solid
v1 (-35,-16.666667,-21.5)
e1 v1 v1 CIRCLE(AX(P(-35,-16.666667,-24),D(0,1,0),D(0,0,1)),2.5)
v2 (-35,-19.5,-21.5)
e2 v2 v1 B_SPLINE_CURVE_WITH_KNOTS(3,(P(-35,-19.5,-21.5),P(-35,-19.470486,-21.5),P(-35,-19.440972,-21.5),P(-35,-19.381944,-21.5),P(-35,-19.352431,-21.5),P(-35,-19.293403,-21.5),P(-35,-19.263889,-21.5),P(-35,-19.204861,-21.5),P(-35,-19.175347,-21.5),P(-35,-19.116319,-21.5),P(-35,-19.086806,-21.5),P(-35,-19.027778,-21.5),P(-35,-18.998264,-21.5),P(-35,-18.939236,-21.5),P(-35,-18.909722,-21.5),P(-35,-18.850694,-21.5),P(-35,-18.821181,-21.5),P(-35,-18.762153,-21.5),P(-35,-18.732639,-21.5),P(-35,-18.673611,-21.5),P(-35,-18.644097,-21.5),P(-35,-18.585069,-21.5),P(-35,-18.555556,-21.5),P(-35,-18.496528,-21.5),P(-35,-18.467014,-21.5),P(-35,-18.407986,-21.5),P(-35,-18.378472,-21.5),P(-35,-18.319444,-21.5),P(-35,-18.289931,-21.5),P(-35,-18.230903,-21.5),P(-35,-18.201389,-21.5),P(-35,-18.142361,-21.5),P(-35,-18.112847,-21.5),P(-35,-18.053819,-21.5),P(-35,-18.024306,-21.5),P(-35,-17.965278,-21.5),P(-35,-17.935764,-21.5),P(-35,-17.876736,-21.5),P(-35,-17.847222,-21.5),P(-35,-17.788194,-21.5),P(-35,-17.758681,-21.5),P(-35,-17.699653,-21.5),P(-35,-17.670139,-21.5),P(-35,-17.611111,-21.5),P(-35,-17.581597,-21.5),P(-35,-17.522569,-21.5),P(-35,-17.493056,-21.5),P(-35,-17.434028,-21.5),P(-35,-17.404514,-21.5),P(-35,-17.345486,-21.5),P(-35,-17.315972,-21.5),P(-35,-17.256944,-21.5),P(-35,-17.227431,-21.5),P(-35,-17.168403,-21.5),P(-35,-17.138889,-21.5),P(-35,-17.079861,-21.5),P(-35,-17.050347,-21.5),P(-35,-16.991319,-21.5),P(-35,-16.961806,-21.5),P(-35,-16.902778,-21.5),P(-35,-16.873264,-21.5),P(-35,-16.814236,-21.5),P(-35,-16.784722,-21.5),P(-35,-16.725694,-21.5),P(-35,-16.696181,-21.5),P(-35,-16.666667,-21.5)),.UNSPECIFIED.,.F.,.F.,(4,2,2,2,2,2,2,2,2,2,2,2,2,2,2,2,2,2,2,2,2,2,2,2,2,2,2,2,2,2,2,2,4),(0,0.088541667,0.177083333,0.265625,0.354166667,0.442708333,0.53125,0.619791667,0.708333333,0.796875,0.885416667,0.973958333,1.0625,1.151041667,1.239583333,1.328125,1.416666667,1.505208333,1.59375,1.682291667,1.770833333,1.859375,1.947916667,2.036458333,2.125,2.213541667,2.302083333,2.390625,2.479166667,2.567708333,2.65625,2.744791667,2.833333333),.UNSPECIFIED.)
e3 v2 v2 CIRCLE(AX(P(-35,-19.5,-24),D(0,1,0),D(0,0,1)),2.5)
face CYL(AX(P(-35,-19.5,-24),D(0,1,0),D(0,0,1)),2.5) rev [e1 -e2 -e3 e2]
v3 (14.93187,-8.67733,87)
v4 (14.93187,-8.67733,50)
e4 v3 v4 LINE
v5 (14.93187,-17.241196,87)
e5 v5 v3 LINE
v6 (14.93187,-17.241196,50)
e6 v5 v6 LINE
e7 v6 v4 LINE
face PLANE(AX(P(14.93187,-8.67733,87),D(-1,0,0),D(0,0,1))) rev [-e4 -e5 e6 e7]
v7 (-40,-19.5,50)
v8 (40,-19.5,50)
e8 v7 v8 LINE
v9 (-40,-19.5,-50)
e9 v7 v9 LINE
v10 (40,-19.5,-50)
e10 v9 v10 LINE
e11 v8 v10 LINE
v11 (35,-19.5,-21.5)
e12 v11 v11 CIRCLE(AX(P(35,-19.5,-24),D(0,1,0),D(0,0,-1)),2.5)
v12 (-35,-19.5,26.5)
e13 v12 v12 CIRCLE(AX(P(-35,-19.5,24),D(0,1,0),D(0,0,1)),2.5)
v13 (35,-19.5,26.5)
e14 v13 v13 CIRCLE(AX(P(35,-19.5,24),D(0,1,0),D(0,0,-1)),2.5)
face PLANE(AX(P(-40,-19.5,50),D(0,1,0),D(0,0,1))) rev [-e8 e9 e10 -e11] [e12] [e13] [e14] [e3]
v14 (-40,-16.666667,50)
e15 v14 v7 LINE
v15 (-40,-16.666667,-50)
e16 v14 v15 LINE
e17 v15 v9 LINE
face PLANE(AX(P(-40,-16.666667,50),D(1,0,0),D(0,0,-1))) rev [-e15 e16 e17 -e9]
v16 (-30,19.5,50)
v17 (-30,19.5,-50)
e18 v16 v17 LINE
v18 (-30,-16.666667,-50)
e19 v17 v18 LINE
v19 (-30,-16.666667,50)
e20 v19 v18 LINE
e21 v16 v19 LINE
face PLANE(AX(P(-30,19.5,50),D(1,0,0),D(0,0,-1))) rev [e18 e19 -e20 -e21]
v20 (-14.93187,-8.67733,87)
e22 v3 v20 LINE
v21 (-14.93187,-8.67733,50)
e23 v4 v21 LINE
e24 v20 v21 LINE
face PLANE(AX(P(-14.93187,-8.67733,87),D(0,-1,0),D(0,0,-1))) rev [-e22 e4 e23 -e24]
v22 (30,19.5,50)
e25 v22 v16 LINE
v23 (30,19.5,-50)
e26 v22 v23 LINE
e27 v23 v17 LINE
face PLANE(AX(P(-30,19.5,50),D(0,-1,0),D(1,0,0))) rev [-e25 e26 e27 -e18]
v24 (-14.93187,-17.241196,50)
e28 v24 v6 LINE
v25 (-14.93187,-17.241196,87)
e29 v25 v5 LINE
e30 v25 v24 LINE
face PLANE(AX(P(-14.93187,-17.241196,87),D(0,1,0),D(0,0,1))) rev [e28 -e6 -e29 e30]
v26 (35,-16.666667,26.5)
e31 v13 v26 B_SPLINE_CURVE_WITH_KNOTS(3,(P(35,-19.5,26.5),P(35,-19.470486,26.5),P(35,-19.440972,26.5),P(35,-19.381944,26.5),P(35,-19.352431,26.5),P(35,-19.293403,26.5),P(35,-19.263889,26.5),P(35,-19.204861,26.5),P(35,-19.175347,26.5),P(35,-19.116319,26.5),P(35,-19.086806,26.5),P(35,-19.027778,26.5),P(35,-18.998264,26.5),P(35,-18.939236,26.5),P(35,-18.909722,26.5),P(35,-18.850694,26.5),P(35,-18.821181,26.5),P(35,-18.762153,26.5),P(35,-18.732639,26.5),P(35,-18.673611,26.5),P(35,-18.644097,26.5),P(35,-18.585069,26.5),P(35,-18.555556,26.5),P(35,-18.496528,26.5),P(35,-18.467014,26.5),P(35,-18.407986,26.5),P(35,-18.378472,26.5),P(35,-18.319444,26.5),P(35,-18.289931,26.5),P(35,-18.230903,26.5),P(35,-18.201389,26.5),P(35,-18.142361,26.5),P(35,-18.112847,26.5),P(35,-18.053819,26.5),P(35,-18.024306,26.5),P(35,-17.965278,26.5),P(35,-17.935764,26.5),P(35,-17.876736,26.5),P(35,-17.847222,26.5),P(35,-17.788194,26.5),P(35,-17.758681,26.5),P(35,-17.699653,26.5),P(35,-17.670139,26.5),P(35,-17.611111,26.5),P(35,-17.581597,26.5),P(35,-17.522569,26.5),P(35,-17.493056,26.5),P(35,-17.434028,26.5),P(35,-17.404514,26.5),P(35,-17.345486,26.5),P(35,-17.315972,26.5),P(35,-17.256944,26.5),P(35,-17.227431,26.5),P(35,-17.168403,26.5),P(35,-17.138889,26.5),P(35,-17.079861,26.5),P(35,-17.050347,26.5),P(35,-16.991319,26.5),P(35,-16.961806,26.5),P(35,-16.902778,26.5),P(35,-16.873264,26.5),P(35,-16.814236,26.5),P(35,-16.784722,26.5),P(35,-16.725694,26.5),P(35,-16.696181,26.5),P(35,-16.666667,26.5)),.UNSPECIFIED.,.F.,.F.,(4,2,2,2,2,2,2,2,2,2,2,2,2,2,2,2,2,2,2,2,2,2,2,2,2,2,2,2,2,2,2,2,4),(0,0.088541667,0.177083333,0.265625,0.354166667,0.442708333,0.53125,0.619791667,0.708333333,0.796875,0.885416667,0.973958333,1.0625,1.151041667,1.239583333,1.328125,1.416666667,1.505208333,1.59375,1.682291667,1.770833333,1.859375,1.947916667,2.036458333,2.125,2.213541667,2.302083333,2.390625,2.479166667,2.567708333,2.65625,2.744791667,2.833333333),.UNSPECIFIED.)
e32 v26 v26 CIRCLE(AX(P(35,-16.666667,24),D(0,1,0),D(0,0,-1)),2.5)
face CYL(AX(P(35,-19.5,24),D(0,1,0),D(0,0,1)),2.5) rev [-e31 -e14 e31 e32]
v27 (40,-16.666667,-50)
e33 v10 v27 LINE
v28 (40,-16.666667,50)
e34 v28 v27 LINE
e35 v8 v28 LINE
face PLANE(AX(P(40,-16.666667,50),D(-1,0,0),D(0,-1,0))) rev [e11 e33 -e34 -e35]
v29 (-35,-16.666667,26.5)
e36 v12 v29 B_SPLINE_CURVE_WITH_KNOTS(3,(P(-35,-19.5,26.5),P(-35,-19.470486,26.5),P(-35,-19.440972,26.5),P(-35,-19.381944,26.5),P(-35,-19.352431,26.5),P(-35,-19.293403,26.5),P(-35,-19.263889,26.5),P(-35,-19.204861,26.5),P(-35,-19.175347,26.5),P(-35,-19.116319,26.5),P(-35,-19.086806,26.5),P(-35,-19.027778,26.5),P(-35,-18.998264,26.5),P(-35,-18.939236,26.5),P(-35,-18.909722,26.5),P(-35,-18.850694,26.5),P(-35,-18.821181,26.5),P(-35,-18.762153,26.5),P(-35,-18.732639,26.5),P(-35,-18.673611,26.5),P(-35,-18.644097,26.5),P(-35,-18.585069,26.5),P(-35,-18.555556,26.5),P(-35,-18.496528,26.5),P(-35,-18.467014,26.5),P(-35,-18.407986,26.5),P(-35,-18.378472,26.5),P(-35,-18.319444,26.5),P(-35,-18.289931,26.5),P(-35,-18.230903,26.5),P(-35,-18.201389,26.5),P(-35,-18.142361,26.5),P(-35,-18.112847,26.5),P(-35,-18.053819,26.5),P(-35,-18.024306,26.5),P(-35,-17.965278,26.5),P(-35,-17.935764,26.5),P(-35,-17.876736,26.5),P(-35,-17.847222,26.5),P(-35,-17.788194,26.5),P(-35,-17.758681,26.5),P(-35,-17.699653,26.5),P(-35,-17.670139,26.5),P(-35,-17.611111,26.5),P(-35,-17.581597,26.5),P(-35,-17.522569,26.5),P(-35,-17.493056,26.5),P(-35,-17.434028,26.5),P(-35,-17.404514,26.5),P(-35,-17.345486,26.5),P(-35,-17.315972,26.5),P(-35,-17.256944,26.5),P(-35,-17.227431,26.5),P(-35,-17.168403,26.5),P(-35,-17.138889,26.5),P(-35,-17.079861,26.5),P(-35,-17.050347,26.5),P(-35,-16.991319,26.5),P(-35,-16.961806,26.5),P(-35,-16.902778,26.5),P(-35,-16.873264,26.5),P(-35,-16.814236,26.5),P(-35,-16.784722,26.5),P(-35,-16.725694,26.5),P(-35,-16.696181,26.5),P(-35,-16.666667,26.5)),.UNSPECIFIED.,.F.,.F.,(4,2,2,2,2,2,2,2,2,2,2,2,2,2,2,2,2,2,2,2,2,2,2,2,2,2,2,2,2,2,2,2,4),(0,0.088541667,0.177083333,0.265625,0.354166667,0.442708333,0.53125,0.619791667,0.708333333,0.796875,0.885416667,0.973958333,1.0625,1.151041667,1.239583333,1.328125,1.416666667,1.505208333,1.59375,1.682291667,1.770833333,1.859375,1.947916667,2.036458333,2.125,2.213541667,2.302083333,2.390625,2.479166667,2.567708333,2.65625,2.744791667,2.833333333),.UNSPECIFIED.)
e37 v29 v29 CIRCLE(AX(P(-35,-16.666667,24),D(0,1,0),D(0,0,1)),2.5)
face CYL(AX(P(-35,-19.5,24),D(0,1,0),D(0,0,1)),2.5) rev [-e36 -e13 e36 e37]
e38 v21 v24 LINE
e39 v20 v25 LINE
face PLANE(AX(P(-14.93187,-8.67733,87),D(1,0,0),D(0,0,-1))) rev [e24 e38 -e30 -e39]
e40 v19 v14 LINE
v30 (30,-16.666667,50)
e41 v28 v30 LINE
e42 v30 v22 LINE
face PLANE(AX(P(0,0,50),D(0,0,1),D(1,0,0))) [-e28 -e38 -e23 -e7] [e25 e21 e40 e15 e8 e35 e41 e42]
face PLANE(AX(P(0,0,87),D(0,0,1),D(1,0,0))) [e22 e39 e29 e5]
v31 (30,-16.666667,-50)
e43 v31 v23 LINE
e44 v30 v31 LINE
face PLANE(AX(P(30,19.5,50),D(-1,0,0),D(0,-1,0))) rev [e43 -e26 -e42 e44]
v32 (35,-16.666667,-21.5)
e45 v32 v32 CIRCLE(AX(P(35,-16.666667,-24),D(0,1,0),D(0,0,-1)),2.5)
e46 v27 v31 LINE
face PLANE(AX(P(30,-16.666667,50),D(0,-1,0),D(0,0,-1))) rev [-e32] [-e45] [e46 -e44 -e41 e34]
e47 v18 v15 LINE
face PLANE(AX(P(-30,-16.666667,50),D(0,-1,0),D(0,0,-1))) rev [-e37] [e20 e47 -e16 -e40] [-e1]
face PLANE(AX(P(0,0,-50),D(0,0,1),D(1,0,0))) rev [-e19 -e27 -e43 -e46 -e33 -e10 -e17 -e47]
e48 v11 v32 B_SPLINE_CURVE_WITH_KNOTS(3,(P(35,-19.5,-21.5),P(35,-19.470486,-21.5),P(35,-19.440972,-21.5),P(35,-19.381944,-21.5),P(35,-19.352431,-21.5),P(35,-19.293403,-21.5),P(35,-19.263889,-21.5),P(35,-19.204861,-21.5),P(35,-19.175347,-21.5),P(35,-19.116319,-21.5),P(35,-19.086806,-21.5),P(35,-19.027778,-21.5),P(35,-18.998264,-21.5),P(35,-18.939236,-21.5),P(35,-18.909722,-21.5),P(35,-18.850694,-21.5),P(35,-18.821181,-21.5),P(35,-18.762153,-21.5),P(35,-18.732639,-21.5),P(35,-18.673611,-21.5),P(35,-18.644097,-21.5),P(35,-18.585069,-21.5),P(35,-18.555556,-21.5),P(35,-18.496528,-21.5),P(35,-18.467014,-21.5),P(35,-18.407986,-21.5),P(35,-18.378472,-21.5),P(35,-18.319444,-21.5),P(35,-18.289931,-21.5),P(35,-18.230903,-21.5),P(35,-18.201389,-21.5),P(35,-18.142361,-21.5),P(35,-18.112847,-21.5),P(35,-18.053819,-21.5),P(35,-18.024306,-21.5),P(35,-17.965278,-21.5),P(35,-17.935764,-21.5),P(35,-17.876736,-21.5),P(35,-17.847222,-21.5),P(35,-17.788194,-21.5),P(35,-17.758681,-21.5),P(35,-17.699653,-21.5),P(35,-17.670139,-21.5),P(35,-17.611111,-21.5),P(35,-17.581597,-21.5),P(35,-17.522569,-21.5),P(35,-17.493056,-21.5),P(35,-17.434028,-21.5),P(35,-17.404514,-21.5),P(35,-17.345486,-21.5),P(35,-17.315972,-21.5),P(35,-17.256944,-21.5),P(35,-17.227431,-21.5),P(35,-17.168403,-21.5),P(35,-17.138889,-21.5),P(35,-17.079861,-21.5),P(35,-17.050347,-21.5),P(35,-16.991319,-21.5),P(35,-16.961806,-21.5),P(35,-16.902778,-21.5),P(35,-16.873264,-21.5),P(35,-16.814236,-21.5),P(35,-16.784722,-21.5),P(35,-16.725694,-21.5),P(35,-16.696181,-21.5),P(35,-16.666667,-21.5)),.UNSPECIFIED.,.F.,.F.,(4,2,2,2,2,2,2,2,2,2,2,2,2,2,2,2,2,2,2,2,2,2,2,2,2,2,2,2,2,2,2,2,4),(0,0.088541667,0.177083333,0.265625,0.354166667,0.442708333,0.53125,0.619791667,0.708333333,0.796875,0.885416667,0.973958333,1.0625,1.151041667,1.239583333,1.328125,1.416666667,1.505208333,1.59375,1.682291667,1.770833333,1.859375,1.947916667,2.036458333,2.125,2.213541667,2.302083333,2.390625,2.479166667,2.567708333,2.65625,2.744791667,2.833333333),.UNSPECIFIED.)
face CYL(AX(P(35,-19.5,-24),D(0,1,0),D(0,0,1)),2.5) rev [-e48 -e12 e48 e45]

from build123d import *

# Parameters (mm, degrees)
EXTRUDE_1_DEPTH     = 50
SKETCH_3_R          = 2.5
CUT_EXTRUDE_1_DEPTH = 74.539294107
SKETCH_4_W          = 29.863739494
SKETCH_4_H          = 8.563866473
EXTRUDE_2_DEPTH     = 37


with BuildPart() as part:
    # 草图2 → 凸台-拉伸1 (new, symmetric)
    with BuildSketch(Plane.XY):
        Polygon((-30, 19.5), (30, 19.5), (30, -16.666666667), (40, -16.666666667), (40, -19.5), (-40, -19.5), (-40, -16.666666667), (-30, -16.666666667), align=None)
    extrude(amount=EXTRUDE_1_DEPTH, both=True)

    # 草图3 → 切除-拉伸1 (cut, through all)
    with BuildSketch(Plane(origin=(0, -16.666666667, 0), x_dir=(1, 0, 0), z_dir=(0, 1, 0))):
        with Locations(Location((-35, 24, 0), (0, 0, 270))):
            Circle(SKETCH_3_R)
        with Locations(Location((35, 24, 0), (0, 0, 270))):
            Circle(SKETCH_3_R)
        with Locations(Location((-35, -24, 0), (0, 0, 270))):
            Circle(SKETCH_3_R)
        with Locations(Location((35, -24, 0), (0, 0, 270))):
            Circle(SKETCH_3_R)
    extrude(amount=-CUT_EXTRUDE_1_DEPTH, mode=Mode.SUBTRACT)

    # 草图4 → 凸台-拉伸2 (add)
    with BuildSketch(Plane.XY.offset(50)):
        with Locations((0, -12.959263215)):
            Rectangle(SKETCH_4_W, SKETCH_4_H)
    extrude(amount=EXTRUDE_2_DEPTH)


solid = part.part
